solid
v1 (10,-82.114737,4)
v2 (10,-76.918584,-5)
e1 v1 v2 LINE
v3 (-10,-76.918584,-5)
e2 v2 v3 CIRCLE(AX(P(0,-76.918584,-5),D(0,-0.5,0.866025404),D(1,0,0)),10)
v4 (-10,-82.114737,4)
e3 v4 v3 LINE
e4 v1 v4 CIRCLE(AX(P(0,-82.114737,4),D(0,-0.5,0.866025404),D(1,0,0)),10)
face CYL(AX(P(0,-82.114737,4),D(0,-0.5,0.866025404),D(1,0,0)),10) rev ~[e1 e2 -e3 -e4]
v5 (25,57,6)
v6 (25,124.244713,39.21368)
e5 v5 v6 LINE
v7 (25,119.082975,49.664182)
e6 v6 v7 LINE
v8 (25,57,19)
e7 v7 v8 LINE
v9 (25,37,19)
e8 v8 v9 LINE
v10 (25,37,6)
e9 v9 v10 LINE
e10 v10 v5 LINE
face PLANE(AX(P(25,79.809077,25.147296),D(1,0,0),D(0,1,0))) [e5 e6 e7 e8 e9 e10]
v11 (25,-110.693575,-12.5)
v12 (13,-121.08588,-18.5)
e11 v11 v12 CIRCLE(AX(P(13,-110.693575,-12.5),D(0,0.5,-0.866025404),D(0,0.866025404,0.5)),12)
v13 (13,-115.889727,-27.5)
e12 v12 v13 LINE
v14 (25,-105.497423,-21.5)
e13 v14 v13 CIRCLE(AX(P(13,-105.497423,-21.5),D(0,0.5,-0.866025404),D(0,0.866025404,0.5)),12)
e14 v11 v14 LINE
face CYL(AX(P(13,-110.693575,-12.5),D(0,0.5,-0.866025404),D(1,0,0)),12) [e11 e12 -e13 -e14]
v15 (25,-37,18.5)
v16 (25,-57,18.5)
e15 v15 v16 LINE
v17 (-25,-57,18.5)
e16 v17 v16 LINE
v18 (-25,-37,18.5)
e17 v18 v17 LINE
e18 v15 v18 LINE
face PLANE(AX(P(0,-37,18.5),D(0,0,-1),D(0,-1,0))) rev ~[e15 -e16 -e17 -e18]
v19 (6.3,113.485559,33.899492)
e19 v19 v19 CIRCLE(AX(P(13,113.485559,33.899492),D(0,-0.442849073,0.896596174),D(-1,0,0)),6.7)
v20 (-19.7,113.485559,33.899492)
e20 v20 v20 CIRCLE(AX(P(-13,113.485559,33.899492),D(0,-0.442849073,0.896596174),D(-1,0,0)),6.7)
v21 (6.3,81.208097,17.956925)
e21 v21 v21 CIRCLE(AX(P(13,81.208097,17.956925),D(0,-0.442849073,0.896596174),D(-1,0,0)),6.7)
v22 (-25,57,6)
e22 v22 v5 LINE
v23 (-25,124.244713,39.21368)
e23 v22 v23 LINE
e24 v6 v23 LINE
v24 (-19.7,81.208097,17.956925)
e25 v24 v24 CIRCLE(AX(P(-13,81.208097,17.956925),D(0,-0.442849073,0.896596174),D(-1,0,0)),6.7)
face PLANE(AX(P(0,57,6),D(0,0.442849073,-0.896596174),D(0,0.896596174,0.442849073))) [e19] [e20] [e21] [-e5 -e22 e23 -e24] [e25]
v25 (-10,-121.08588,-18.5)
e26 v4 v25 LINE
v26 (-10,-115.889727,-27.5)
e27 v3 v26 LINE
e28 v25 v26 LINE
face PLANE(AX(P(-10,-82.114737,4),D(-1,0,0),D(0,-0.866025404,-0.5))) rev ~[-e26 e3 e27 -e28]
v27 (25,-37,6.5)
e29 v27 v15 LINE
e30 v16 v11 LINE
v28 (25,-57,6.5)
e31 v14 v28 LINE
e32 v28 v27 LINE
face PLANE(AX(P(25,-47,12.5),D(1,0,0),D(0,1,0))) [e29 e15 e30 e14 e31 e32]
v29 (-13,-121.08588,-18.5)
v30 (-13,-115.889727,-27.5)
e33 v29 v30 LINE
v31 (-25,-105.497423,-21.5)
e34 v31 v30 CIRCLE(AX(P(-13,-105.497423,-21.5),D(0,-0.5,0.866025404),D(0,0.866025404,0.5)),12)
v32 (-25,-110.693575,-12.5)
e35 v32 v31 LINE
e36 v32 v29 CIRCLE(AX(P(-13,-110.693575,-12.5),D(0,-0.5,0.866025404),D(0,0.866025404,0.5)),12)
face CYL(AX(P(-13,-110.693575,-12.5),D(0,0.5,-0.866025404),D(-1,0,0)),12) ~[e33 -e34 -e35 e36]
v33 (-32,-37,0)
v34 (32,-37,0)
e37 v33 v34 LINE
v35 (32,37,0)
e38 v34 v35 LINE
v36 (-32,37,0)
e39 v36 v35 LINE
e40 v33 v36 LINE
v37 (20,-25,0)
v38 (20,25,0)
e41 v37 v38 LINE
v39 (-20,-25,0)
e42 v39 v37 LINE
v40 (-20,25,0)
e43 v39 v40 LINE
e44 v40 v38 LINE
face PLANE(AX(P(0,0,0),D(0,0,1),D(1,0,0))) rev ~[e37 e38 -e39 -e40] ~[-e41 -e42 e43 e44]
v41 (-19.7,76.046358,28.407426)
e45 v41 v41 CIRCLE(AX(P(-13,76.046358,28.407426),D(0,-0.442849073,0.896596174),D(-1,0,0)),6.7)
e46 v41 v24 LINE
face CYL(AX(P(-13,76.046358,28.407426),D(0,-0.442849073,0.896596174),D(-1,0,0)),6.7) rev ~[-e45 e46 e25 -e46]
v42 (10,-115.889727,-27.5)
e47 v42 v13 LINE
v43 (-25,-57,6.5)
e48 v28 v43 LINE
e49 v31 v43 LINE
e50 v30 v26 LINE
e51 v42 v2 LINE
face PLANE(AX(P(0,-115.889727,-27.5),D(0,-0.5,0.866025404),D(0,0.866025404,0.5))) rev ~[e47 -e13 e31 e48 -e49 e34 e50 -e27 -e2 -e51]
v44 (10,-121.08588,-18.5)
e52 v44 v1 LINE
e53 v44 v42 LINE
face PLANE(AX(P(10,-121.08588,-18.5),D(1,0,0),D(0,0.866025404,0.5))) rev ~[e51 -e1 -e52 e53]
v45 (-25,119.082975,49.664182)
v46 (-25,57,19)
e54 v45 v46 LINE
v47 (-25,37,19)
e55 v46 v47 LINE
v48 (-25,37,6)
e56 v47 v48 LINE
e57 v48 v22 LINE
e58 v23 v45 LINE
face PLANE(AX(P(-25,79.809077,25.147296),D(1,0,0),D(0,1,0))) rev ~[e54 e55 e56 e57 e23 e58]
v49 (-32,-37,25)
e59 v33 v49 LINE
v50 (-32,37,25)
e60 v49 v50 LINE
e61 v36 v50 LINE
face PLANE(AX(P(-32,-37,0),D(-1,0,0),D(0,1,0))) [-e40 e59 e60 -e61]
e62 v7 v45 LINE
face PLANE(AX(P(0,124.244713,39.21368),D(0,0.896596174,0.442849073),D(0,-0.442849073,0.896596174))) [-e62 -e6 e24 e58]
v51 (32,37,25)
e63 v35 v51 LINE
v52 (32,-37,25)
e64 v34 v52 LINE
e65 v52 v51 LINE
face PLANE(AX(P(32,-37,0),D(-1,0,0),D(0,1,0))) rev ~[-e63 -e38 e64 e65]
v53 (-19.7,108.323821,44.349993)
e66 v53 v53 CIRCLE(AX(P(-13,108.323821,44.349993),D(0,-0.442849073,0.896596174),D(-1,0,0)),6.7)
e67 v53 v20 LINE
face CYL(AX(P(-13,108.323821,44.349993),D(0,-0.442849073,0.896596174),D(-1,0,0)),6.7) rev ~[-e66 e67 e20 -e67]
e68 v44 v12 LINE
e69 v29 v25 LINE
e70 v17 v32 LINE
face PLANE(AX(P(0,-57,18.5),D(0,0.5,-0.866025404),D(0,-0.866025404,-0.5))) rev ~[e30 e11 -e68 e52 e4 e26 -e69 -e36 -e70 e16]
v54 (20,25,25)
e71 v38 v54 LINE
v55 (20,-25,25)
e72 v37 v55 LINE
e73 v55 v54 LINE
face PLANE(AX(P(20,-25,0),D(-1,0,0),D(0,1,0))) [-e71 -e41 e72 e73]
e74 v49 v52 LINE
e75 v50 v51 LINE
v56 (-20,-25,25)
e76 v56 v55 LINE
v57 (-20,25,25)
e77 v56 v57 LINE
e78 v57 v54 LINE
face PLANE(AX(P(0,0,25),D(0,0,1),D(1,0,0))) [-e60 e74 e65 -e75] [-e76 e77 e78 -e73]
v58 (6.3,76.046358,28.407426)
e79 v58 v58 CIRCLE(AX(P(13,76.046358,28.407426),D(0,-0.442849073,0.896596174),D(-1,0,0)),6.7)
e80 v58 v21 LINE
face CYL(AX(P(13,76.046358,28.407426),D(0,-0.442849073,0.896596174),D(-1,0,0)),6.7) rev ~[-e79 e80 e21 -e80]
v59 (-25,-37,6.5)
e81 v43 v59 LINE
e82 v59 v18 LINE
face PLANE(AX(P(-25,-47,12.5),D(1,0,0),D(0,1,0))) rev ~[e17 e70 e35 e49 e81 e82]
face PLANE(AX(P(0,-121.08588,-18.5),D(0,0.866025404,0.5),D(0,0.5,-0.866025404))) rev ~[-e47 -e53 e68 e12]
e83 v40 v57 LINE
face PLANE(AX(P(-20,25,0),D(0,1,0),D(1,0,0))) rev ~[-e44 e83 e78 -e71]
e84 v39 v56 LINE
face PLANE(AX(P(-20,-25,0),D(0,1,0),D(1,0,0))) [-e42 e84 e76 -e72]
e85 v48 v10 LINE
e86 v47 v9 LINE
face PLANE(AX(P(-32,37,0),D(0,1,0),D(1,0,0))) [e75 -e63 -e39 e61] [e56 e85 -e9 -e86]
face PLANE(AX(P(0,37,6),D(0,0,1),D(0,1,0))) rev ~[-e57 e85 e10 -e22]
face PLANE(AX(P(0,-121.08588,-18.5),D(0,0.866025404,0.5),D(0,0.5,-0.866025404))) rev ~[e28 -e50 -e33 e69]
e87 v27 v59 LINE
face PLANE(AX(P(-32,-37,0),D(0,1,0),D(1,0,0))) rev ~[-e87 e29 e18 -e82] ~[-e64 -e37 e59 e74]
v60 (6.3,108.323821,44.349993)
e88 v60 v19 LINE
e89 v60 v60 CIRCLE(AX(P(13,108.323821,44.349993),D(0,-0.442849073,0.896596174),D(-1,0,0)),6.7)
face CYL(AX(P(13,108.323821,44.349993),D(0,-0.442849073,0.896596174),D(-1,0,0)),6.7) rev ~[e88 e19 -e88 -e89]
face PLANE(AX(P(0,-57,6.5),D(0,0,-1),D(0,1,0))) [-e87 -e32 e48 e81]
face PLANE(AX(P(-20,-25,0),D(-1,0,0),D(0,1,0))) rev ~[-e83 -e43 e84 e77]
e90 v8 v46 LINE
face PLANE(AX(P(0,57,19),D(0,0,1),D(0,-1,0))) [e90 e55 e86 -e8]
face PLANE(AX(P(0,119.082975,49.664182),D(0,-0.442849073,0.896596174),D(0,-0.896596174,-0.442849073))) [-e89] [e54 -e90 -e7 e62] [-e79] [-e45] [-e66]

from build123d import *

# Parameters (mm, degrees)
F0_W          = 64
F0_H          = 74
F0_W_2        = 40
F0_H_2        = 50
F1_DEPTH      = 25
F3_DEPTH      = 25
F3_DEPTH_BACK = 25
F5_DEPTH      = 25
F6_R          = 12
F7_R          = 12
F9_DEPTH      = 25
F9_DEPTH_BACK = 25
F11_DEPTH     = 25


with BuildPart() as f1:
    # F0 (on Top) → F1 (new body)
    with BuildSketch(Plane.XY):
        Rectangle(F0_W, F0_H)
        Rectangle(F0_W_2, F0_H_2, mode=Mode.SUBTRACT)
    extrude(amount=F1_DEPTH)

    # F2 (on Right) → F3 (join, two sides)
    with BuildSketch(Plane.YZ) as f3_sk:
        Polygon((-37, 12.5), (-37, 18.5), (-57, 18.5), (-57, 6.5), (-37, 6.5), align=None)
        Polygon((-57, 6.5), (-57, 18.5), (-121.08587988, -18.5), (-115.8897274573, -27.5), align=None)
    extrude(amount=-F3_DEPTH)
    extrude(f3_sk.sketch, amount=F3_DEPTH_BACK)

    # F4 (on face) → F5 (cut)
    with BuildSketch(Plane(origin=(0, -22.260734985, 38.5567240079), x_dir=(1, 0, 0), z_dir=(0, -0.5, 0.8660254038))):
        with BuildLine():
            Line((0, -79.1134480157), (0, -114.1134480157))
            Line((0, -114.1134480157), (10, -114.1134480157))
            Line((10, -114.1134480157), (10, -69.1134480157))
            ThreePointArc((10, -69.1134480157), (7.0710678119, -76.1845158276), (0, -79.1134480157))
        make_face()
        with BuildLine():
            ThreePointArc((10, -69.1134480157), (0, -59.1134480157), (-10, -69.1134480157))
            ThreePointArc((-10, -69.1134480157), (-7.0710678119, -76.1845158276), (0, -79.1134480157))
            ThreePointArc((0, -79.1134480157), (7.0710678119, -76.1845158276), (10, -69.1134480157))
        make_face()
        with BuildLine():
            Line((-10, -69.1134480157), (-10, -114.1134480157))
            Line((-10, -114.1134480157), (0, -114.1134480157))
            Line((0, -114.1134480157), (0, -79.1134480157))
            ThreePointArc((0, -79.1134480157), (-7.0710678119, -76.1845158276), (-10, -69.1134480157))
        make_face()
    extrude(amount=-F5_DEPTH, mode=Mode.SUBTRACT)

    # F6
    f6_edges = [f1.edges().sort_by_distance(p)[0] for p in [
        (-25, -118.487804, -23),
    ]]
    fillet(f6_edges, radius=F6_R)

    # F7
    f7_edges = [f1.edges().sort_by_distance(p)[0] for p in [
        (25, -118.487804, -23),
    ]]
    fillet(f7_edges, radius=F7_R)

    # F8 (on Right) → F9 (join, two sides)
    with BuildSketch(Plane.YZ) as f9_sk:
        Polygon((57, 19), (37, 19), (37, 6), (57, 6), (124.2447130228, 39.2136804718), (119.0829748267, 49.6641815534), align=None)
    extrude(amount=F9_DEPTH)
    extrude(f9_sk.sketch, amount=-F9_DEPTH_BACK)

    # F10 (on face) → F11 (cut)
    with BuildSketch(Plane(origin=(0, 3.634493279, -7.3584274328), x_dir=(1, 0, 0), z_dir=(0, -0.442849073, 0.8965961736))):
        with BuildLine():
            ThreePointArc((19.7, 116.7630763351), (13, 123.4630763351), (6.3, 116.7630763351))
            Line((6.3, 116.7630763351), (19.7, 116.7630763351))
        make_face()
        with BuildLine():
            Line((19.7, 116.7630763351), (6.3, 116.7630763351))
            ThreePointArc((6.3, 116.7630763351), (13, 110.0630763351), (19.7, 116.7630763351))
        make_face()
        with BuildLine():
            ThreePointArc((-6.3, 116.7630763351), (-13, 123.4630763351), (-19.7, 116.7630763351))
            Line((-19.7, 116.7630763351), (-6.3, 116.7630763351))
        make_face()
        with BuildLine():
            Line((-6.3, 116.7630763351), (-19.7, 116.7630763351))
            ThreePointArc((-19.7, 116.7630763351), (-13, 110.0630763351), (-6.3, 116.7630763351))
        make_face()
        with BuildLine():
            ThreePointArc((19.7, 80.7630763351), (13, 87.4630763351), (6.3, 80.7630763351))
            Line((6.3, 80.7630763351), (19.7, 80.7630763351))
        make_face()
        with BuildLine():
            Line((19.7, 80.7630763351), (6.3, 80.7630763351))
            ThreePointArc((6.3, 80.7630763351), (13, 74.0630763351), (19.7, 80.7630763351))
        make_face()
        with BuildLine():
            ThreePointArc((-6.3, 80.7630763351), (-13, 87.4630763351), (-19.7, 80.7630763351))
            Line((-19.7, 80.7630763351), (-6.3, 80.7630763351))
        make_face()
        with BuildLine():
            Line((-6.3, 80.7630763351), (-19.7, 80.7630763351))
            ThreePointArc((-19.7, 80.7630763351), (-13, 74.0630763351), (-6.3, 80.7630763351))
        make_face()
    extrude(amount=-F11_DEPTH, mode=Mode.SUBTRACT)


solid = f1.part
